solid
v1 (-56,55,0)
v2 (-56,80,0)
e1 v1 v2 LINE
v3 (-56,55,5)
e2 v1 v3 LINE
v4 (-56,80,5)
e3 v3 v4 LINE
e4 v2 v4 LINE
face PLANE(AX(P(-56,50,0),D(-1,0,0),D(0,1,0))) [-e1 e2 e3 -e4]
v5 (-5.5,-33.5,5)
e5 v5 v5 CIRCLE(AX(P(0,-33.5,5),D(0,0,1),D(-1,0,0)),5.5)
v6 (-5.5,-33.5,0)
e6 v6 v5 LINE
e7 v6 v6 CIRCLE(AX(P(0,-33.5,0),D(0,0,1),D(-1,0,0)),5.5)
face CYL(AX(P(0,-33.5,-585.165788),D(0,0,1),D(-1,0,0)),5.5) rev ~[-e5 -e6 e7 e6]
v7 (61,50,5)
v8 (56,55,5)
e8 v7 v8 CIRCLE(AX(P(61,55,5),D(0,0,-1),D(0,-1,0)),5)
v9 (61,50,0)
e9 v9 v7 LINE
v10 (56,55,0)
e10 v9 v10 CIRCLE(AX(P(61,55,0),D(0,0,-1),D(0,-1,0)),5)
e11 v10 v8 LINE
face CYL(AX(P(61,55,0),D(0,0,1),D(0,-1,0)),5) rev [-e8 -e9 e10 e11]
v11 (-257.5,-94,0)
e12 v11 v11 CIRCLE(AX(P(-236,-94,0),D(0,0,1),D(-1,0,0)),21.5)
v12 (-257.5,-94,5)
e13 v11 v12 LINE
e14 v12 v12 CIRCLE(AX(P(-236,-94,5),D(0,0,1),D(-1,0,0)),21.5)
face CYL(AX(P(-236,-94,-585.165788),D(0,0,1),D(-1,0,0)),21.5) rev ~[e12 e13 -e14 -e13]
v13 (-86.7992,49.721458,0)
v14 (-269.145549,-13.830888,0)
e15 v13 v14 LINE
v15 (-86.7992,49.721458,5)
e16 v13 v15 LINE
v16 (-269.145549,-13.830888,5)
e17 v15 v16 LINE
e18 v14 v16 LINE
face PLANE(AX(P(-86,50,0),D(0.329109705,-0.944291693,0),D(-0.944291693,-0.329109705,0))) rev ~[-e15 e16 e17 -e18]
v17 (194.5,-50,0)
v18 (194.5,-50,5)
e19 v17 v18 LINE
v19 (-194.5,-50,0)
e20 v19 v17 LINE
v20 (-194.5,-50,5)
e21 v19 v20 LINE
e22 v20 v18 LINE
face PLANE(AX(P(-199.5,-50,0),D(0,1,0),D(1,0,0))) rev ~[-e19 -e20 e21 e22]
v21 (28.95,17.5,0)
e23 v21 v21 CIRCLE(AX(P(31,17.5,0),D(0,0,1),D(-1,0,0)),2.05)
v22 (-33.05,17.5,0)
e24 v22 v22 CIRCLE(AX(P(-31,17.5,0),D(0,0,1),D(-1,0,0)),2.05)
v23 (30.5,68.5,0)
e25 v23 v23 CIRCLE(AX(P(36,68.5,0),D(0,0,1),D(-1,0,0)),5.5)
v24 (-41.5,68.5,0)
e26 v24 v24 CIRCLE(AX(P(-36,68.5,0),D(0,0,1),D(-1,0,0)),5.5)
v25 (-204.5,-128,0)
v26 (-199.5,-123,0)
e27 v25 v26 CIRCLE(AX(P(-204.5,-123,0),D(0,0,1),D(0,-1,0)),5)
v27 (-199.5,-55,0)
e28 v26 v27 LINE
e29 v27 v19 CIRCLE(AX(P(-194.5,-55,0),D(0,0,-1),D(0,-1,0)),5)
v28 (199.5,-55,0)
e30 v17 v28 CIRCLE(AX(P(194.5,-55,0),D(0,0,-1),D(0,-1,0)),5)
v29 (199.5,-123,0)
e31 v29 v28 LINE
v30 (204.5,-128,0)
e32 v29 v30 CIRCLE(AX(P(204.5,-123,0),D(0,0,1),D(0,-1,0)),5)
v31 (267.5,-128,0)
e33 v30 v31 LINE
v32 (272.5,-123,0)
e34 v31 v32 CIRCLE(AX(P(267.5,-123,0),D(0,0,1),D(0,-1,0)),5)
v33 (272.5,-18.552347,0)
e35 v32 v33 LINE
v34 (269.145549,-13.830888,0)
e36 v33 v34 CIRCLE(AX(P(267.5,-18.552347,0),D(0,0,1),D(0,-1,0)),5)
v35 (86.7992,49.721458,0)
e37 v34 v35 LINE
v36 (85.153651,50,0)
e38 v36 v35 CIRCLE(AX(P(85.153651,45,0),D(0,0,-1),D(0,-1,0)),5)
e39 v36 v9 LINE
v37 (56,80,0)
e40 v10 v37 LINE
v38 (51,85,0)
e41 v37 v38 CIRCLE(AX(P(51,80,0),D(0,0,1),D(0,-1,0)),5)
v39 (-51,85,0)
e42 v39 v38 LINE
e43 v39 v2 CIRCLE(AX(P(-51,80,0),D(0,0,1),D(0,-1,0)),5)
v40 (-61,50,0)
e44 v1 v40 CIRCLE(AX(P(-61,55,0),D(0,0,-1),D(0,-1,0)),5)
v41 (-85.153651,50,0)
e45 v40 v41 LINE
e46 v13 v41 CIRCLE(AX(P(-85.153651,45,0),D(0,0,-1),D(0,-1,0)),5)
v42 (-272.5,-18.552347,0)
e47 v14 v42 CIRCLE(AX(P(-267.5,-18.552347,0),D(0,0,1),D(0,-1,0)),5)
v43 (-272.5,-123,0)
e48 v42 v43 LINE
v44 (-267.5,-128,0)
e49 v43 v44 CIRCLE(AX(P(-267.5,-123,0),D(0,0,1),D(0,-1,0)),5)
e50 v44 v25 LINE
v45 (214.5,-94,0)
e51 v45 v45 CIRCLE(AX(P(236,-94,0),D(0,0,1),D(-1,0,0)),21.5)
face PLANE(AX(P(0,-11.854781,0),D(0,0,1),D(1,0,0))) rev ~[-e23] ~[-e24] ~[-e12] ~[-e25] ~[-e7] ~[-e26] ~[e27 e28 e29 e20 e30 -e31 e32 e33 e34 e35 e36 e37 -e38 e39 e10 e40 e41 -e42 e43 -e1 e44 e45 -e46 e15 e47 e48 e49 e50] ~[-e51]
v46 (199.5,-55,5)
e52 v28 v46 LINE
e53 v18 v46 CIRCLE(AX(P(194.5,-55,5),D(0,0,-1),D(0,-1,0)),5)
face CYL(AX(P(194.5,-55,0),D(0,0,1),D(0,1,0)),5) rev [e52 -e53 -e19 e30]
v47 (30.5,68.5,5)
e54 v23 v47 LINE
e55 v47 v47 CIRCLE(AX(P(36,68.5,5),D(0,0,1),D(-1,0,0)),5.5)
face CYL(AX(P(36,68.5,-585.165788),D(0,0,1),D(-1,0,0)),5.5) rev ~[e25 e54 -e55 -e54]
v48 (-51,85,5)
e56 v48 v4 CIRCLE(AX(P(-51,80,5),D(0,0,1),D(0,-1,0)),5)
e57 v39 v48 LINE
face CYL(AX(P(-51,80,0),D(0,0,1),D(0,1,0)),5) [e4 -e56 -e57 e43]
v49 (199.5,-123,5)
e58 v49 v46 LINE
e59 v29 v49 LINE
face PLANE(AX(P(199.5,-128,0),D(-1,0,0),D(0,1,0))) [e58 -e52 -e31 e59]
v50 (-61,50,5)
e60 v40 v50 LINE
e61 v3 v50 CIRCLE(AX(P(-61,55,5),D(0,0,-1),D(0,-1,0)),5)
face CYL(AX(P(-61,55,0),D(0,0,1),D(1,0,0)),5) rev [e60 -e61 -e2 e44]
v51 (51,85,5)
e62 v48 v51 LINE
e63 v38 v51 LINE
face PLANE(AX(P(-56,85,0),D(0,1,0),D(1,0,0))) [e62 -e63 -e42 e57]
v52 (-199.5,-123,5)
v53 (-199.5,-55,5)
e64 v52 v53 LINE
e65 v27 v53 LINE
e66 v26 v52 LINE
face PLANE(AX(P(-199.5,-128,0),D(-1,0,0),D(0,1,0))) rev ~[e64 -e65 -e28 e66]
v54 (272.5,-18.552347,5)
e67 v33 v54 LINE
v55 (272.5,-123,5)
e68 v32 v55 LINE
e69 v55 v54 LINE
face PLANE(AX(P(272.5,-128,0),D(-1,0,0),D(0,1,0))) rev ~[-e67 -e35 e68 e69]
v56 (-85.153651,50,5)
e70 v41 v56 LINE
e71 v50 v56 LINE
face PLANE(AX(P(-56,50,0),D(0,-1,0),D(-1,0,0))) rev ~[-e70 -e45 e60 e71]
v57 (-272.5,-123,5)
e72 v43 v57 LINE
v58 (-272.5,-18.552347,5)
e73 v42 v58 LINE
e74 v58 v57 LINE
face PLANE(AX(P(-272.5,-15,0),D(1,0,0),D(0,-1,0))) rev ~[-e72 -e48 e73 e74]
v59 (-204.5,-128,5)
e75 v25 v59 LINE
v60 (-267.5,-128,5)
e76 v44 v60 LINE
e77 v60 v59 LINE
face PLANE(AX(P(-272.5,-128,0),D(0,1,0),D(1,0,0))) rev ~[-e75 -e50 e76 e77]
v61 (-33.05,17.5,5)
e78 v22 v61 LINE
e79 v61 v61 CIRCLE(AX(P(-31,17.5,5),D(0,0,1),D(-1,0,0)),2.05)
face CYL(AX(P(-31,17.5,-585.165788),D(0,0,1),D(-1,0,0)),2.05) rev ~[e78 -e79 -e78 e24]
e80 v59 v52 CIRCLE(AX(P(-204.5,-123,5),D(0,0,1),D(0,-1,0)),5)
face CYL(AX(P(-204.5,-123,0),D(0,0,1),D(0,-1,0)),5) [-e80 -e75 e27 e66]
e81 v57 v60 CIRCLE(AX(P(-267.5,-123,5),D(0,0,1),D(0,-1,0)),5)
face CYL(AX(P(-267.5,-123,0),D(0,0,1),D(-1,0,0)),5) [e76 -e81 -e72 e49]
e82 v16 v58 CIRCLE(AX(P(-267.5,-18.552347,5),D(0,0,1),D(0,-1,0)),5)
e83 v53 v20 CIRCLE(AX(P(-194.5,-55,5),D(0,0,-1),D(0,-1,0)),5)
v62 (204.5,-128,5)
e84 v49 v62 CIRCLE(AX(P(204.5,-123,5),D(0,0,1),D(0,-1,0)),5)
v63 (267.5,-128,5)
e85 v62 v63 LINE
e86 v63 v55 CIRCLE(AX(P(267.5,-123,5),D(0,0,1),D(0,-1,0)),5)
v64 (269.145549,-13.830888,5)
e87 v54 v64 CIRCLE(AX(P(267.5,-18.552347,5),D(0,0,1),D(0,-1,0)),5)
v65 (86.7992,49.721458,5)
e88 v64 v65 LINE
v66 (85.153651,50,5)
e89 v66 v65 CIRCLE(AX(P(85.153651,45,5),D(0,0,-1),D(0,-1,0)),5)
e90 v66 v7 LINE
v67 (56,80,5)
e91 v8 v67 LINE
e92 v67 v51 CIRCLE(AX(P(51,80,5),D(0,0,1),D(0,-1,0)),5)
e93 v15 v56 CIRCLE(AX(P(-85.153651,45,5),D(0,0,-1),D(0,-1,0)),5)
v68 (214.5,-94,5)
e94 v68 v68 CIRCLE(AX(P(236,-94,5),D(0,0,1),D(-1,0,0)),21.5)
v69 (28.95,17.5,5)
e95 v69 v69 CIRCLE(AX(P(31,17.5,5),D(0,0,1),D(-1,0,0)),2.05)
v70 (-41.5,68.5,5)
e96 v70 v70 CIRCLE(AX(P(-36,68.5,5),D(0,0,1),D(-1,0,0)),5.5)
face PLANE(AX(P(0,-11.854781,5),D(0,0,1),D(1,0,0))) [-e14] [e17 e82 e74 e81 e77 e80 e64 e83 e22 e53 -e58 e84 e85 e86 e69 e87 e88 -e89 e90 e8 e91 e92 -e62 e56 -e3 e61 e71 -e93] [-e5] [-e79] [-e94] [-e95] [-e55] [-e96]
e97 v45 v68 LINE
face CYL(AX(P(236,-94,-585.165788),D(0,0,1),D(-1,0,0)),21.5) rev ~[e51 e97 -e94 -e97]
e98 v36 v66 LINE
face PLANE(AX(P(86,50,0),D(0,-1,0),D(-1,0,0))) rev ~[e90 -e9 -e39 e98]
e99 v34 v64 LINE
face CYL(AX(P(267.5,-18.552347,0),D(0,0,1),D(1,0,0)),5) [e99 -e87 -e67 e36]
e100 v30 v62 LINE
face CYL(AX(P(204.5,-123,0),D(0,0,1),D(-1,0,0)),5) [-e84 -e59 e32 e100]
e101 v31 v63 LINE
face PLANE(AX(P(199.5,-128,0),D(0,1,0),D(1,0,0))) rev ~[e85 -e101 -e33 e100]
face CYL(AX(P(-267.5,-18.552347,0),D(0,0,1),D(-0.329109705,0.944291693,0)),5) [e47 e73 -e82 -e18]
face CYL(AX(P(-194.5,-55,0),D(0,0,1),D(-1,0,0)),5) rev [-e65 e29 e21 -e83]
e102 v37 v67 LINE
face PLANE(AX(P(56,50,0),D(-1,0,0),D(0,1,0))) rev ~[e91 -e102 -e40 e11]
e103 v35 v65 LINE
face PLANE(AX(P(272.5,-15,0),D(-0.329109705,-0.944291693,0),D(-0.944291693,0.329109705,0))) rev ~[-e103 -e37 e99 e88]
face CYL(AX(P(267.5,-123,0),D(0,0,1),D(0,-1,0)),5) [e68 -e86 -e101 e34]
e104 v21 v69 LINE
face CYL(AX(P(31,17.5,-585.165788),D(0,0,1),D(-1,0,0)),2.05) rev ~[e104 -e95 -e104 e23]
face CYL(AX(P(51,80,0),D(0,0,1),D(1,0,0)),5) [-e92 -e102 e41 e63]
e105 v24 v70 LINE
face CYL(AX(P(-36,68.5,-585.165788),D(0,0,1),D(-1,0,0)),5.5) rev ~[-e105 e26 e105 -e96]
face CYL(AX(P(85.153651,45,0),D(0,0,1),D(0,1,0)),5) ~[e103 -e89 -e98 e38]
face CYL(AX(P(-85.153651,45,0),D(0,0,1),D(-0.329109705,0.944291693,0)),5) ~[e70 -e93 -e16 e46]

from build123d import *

# Parameters (mm, degrees)
F0_W     = 73
F0_H     = 78
F0_W_2   = 112
F0_H_2   = 35
F1_DEPTH = 5
F2_R     = 5
F3_R     = 5
F6_D     = 4.1
F8_D     = 43
F9_D     = 11


with BuildPart() as f1:
    # F0 (on Top) → F1 (new body)
    with BuildSketch(Plane.XY):
        Polygon((-56, 50), (-86, 50), (-272.5, -15), (-272.5, -50), (-199.5, -50), (199.5, -50), (272.5, -50), (272.5, -15), (86, 50), (56, 50), align=None)
        with Locations((-236, -89)):
            Rectangle(F0_W, F0_H)
        with Locations((236, -89)):
            Rectangle(F0_W, F0_H)
        with Locations((0, 67.5)):
            Rectangle(F0_W_2, F0_H_2)
    extrude(amount=F1_DEPTH)

    # F2
    f2_edges = [f1.edges().sort_by_distance(p)[0] for p in [
        (-272.5, -128, 2.5),
        (-199.5, -128, 2.5),
        (199.5, -128, 2.5),
        (272.5, -128, 2.5),
        (272.5, -15, 2.5),
        (-272.5, -15, 2.5),
        (-199.5, -50, 2.5),
        (199.5, -50, 2.5),
        (-56, 50, 2.5),
        (-56, 85, 2.5),
        (56, 85, 2.5),
        (56, 50, 2.5),
    ]]
    fillet(f2_edges, radius=F2_R)

    # F3
    f3_edges = [f1.edges().sort_by_distance(p)[0] for p in [
        (86, 50, 2.5),
        (-86, 50, 2.5),
    ]]
    fillet(f3_edges, radius=F3_R)

    # F6 (through all)
    with Locations(Plane(origin=(0, 0, 0), x_dir=(1, 0, 0), z_dir=(0, 0, -1))):
        with Locations((-31, -17.5), (31, -17.5)):
            Hole(F6_D / 2)

    # F8 (through all)
    with Locations(Plane(origin=(0, 0, 0), x_dir=(1, 0, 0), z_dir=(0, 0, -1))):
        with Locations((-236, 94), (236, 94)):
            Hole(F8_D / 2)

    # F9 (through all)
    with Locations(Plane(origin=(0, 0, 0), x_dir=(1, 0, 0), z_dir=(0, 0, -1))):
        with Locations((-36, -68.5), (36, -68.5), (0, 33.5)):
            Hole(F9_D / 2)


solid = f1.part
